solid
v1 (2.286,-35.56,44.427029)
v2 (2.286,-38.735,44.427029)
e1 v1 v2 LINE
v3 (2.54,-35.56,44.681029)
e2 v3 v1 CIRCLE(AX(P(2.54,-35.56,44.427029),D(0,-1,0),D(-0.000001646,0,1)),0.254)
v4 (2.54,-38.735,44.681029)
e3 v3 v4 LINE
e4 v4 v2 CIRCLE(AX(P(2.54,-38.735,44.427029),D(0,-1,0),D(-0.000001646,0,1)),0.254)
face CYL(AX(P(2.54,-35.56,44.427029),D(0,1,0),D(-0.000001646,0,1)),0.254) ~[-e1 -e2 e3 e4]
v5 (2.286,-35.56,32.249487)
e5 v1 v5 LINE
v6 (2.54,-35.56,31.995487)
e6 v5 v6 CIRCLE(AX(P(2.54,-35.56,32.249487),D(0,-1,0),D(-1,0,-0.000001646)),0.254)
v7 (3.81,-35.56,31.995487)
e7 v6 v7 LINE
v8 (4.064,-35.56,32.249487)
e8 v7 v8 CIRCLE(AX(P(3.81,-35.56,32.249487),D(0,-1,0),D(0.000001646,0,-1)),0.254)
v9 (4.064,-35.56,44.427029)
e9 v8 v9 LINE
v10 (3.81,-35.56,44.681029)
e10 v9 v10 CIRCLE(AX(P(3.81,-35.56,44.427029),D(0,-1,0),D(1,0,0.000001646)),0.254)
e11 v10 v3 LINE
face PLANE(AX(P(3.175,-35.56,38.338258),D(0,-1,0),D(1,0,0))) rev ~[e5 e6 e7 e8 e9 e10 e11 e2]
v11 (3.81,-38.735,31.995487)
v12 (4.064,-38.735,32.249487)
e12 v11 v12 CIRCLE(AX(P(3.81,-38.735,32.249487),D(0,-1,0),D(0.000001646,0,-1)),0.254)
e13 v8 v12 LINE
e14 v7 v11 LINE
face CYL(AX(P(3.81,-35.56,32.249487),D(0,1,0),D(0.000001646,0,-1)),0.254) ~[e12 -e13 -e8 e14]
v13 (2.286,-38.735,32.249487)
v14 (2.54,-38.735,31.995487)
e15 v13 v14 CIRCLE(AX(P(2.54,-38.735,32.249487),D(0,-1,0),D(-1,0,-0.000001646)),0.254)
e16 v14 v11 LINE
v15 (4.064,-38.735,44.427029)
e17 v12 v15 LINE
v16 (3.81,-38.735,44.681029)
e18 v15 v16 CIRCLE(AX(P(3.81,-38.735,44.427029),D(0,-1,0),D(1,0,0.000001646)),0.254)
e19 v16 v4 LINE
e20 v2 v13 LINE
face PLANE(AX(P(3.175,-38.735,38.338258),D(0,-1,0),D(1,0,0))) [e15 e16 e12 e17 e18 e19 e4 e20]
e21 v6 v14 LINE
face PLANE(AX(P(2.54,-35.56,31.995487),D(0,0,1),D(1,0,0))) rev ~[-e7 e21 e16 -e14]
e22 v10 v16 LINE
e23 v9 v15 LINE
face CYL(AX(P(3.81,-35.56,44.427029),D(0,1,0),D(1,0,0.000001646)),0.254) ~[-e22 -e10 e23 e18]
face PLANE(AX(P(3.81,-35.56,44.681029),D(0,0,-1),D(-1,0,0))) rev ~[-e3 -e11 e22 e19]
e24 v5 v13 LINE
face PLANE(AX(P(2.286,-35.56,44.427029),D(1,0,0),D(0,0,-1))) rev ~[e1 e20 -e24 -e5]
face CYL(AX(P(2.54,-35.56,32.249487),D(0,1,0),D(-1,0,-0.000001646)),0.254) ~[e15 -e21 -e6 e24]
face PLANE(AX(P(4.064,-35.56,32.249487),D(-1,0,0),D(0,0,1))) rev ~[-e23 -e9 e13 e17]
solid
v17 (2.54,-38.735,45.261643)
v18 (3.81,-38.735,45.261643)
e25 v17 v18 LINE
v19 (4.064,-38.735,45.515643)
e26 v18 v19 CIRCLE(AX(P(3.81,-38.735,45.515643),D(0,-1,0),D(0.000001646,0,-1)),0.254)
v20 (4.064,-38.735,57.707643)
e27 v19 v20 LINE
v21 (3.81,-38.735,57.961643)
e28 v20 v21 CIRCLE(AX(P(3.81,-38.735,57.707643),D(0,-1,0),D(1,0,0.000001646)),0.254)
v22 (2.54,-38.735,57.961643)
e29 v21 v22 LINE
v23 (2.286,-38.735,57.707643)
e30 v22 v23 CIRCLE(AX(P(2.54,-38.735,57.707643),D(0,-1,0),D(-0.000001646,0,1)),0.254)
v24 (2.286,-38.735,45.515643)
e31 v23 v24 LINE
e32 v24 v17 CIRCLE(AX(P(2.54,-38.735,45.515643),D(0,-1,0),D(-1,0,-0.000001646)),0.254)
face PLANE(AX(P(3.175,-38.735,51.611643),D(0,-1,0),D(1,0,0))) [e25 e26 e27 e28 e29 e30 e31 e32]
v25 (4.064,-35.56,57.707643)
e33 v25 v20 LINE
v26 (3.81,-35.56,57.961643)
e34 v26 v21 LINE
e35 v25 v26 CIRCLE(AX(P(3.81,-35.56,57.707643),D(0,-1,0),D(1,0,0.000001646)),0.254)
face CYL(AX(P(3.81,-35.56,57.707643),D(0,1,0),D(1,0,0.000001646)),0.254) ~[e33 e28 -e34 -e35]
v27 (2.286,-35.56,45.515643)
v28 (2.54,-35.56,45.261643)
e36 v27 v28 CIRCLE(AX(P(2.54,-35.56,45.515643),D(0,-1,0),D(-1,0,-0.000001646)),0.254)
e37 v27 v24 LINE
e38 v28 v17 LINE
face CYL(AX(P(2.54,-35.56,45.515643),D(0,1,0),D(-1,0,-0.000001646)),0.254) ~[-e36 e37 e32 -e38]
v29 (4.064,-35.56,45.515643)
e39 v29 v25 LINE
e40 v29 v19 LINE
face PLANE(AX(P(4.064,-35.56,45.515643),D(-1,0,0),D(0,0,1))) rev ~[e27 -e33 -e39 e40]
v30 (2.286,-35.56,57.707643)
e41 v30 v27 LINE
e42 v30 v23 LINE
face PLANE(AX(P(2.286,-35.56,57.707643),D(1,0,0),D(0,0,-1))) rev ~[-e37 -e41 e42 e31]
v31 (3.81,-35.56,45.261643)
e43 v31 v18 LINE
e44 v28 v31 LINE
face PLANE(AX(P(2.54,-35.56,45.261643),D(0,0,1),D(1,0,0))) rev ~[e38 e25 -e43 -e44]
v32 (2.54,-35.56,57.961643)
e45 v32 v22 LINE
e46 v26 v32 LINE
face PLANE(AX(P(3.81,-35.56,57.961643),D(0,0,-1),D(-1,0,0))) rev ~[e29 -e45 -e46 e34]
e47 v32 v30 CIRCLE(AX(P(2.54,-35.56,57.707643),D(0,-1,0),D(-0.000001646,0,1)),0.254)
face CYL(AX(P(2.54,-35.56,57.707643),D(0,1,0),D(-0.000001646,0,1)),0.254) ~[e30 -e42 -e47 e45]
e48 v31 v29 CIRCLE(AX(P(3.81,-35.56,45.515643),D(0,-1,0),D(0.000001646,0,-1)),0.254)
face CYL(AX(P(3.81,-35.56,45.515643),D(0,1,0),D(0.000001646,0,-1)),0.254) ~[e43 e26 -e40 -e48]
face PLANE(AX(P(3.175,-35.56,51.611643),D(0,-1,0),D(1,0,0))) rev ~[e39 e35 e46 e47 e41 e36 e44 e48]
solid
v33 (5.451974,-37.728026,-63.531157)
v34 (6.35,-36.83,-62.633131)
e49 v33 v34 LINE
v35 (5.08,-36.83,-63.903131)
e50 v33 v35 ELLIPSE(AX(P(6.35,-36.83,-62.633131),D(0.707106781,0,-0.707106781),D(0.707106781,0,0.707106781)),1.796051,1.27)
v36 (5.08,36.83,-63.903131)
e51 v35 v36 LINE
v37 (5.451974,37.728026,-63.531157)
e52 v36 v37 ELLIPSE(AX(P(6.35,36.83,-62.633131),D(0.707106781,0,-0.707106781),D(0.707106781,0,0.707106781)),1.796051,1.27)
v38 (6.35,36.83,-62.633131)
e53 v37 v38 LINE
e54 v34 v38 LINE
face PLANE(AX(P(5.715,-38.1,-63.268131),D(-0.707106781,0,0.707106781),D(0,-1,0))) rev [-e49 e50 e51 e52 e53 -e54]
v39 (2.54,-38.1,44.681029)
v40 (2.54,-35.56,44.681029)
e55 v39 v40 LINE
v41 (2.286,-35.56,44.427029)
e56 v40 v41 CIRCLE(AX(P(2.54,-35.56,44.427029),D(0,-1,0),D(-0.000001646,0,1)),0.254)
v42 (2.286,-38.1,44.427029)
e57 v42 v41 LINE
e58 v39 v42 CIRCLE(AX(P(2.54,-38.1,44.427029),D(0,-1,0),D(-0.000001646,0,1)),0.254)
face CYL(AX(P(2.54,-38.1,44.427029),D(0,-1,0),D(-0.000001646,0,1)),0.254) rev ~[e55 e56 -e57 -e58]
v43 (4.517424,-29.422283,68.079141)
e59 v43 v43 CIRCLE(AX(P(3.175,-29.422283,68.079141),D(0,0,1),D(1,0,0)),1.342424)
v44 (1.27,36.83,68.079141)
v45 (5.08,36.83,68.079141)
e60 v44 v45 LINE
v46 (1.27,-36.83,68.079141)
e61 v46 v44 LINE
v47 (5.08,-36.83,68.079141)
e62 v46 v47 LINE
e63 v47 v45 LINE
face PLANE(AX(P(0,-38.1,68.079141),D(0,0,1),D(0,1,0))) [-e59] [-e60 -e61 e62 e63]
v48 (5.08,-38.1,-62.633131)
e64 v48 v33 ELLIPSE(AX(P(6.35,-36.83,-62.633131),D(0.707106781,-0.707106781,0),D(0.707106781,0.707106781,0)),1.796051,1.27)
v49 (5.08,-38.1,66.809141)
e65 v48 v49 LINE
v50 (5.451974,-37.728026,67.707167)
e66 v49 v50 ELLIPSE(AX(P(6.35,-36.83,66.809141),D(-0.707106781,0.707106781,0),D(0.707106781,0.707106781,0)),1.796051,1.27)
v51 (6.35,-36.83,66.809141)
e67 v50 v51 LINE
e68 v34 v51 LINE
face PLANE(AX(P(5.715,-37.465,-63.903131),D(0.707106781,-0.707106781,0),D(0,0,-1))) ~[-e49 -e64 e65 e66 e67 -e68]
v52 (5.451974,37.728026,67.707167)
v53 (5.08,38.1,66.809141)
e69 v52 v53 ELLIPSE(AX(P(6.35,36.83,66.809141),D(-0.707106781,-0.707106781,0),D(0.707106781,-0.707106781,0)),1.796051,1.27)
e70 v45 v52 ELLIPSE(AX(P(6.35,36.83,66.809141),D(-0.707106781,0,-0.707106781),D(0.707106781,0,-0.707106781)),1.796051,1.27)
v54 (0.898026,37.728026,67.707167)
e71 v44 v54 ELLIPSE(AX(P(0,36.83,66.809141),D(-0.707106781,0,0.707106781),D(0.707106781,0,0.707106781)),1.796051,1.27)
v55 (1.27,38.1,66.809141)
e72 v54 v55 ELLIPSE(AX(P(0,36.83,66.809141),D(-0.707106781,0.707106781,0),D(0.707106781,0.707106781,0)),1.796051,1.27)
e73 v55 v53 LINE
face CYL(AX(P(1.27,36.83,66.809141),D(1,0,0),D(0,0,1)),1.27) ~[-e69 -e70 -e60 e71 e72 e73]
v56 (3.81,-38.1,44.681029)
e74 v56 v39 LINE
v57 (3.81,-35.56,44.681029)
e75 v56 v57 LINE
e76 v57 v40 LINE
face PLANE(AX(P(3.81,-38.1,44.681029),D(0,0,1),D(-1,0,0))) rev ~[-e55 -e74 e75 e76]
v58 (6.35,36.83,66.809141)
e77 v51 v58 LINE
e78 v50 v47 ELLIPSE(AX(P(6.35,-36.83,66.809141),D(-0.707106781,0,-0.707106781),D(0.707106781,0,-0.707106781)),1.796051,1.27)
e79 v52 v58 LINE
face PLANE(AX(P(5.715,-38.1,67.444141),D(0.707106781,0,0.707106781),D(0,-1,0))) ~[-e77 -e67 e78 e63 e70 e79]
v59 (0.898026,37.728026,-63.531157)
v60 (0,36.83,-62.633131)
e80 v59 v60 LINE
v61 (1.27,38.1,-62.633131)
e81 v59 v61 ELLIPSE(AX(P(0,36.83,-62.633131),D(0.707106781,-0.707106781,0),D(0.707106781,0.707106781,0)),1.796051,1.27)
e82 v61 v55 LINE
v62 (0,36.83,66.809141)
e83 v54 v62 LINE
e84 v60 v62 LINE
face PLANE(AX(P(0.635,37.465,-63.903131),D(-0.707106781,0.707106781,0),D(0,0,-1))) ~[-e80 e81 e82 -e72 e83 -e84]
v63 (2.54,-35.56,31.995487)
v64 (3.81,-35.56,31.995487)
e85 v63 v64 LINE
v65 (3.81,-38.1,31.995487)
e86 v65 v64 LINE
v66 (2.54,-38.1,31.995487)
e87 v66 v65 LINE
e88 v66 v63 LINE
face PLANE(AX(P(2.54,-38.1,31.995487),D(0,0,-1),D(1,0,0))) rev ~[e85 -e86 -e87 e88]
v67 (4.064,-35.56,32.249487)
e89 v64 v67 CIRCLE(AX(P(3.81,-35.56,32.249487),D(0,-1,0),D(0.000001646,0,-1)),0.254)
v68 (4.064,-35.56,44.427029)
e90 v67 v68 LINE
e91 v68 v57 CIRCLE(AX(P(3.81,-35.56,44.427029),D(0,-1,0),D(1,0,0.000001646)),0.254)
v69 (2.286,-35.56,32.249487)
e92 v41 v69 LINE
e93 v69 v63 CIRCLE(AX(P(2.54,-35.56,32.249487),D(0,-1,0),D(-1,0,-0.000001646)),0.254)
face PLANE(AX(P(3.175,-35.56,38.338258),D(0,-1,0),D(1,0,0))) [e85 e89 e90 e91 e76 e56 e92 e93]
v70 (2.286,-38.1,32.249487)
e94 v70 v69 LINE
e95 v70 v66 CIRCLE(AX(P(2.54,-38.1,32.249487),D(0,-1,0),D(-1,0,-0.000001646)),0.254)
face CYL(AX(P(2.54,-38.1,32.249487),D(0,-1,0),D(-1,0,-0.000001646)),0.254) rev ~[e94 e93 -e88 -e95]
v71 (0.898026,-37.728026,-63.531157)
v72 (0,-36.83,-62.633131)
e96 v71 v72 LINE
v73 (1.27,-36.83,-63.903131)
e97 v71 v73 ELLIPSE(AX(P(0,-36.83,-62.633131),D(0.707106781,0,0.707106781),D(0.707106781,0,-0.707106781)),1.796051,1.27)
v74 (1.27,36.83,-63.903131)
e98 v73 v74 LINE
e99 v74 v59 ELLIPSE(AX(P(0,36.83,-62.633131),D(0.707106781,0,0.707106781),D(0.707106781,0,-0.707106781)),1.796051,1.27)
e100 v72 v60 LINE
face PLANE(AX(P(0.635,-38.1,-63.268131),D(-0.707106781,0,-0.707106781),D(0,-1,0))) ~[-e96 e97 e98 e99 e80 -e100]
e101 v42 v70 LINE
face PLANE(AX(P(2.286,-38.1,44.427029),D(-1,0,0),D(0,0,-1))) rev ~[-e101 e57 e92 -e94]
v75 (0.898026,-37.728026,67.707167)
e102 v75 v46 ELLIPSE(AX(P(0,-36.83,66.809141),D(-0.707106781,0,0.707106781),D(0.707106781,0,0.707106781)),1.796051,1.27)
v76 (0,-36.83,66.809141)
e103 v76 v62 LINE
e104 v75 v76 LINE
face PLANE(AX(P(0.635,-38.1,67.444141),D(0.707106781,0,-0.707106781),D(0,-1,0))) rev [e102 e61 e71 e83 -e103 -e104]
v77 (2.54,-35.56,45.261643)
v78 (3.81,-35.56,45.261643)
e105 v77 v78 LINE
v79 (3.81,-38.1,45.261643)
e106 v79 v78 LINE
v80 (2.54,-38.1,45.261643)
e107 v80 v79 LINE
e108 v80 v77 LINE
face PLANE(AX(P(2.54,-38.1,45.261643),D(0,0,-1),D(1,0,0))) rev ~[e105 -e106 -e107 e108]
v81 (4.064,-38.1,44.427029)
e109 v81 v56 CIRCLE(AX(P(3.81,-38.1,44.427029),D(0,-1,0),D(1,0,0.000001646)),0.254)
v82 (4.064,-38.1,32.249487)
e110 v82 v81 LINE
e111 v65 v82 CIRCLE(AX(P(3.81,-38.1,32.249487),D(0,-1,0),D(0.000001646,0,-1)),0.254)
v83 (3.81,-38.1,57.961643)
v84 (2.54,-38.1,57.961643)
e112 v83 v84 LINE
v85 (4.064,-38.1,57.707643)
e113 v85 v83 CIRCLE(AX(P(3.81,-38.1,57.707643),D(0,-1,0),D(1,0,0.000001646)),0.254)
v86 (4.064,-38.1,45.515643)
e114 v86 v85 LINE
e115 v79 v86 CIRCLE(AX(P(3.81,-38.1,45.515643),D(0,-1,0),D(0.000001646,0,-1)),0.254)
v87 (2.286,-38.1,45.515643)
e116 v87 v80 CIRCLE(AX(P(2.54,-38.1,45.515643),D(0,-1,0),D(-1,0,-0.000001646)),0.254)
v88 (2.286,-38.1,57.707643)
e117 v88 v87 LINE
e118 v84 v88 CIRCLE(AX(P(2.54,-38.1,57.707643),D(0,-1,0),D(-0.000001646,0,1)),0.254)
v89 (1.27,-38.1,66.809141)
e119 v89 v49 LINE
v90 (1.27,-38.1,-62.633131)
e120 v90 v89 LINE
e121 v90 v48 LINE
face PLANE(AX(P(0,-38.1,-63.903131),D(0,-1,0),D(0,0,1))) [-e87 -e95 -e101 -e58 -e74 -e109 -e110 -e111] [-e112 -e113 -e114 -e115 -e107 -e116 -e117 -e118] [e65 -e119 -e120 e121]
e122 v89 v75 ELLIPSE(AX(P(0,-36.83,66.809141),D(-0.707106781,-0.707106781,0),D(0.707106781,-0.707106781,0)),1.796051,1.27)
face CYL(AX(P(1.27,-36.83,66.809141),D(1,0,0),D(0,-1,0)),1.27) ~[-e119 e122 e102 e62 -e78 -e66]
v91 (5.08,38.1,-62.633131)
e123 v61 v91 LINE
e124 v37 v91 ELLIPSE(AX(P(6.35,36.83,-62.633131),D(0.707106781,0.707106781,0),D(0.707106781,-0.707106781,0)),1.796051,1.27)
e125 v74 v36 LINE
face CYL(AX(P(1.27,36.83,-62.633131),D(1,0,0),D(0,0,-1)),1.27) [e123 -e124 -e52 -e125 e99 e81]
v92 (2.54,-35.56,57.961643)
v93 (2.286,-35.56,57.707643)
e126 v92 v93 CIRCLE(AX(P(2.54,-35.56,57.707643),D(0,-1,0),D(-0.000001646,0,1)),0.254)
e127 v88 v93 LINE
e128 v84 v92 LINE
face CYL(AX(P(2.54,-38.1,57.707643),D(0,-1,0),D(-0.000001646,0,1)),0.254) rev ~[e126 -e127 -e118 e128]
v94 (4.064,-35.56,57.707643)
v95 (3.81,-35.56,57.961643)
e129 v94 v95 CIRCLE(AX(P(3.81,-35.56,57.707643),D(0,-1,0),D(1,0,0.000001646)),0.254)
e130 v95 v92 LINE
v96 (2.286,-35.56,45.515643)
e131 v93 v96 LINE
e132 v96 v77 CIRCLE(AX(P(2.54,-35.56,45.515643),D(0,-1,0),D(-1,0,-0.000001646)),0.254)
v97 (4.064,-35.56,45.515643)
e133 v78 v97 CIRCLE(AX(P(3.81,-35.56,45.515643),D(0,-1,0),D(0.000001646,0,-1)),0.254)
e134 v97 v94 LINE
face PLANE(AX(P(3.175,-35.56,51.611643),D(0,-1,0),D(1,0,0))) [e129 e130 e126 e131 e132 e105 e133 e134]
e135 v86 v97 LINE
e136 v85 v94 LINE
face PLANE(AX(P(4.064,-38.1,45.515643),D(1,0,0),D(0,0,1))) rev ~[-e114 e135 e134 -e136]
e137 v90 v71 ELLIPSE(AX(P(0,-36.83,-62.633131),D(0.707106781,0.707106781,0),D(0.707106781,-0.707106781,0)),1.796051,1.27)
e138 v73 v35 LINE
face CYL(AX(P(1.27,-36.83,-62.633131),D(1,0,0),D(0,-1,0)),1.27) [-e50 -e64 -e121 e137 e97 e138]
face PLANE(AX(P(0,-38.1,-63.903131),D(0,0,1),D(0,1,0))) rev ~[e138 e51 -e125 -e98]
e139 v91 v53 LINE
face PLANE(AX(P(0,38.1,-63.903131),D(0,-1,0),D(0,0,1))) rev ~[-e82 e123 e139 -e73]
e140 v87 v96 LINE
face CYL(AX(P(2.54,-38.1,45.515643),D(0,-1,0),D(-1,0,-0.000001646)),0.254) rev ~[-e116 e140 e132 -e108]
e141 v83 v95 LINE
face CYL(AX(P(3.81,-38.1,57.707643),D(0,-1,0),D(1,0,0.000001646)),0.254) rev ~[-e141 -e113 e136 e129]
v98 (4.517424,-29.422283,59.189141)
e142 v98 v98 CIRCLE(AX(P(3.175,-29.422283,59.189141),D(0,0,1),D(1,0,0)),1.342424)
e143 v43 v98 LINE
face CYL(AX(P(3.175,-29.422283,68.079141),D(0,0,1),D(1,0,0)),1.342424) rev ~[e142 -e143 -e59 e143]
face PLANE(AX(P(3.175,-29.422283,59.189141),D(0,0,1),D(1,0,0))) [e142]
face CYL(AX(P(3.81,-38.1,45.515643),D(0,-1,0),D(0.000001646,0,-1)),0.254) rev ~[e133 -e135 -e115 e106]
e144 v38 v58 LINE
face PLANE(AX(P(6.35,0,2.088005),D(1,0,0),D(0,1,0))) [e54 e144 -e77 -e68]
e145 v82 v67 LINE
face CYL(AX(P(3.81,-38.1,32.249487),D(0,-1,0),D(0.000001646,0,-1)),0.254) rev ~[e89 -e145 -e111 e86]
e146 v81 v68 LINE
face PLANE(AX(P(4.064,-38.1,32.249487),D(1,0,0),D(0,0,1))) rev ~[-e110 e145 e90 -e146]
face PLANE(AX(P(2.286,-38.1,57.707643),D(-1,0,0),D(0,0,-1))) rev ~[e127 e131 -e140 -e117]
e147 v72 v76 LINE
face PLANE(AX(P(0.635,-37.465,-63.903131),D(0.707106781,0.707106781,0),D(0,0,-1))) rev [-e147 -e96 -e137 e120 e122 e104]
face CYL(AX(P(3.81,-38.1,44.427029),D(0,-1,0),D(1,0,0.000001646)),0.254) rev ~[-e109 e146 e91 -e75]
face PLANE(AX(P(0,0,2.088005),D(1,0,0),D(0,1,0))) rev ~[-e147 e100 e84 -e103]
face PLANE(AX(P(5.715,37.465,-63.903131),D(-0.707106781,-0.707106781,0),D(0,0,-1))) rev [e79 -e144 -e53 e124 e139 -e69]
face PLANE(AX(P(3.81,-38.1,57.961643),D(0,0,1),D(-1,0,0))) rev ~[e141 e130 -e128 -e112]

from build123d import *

# Parameters (mm, degrees)
F0_W      = 76.2
F0_H      = 131.982272
F1_DEPTH  = 6.35
F3_SIZE   = 1.27
F4_R      = 1.27
F6_DEPTH  = 2.54
F7_R      = 1.342424
F8_DEPTH  = 8.89
F9_DEPTH  = 3.175
F11_DEPTH = 3.175


with BuildPart() as f1:
    # F0 (on Right) → F1 (new body)
    with BuildSketch(Plane.YZ):
        with Locations((0, 2.088005)):
            Rectangle(F0_W, F0_H)
    extrude(amount=F1_DEPTH)

    # F3
    f3_edges = [f1.edges().sort_by_distance(p)[0] for p in [
        (6.35, 38.1, 2.088005),
        (0, 38.1, 2.088005),
        (6.35, 0, -63.903131),
        (0, 0, -63.903131),
        (6.35, -38.1, 2.088005),
        (0, -38.1, 2.088005),
        (6.35, 0, 68.079141),
        (0, 0, 68.079141),
    ]]
    chamfer(f3_edges, length=F3_SIZE)

    # F4
    f4_edges = [f1.edges().sort_by_distance(p)[0] for p in [
        (3.175, -38.1, 68.079141),
        (3.175, -38.1, -63.903131),
        (3.175, 38.1, 68.079141),
        (3.175, 38.1, -63.903131),
    ]]
    fillet(f4_edges, radius=F4_R)

    # F5 (on face) → F6 (cut)
    with BuildSketch(Plane.XZ.offset(38.1)):
        with BuildLine():
            Line((3.81, 57.961643), (2.54, 57.961643))
            ThreePointArc((2.54, 57.961643), (2.360395, 57.887248), (2.286, 57.707643))
            Line((2.286, 57.707643), (2.286, 45.515643))
            ThreePointArc((2.286, 45.515643), (2.360395, 45.336038), (2.54, 45.261643))
            Line((2.54, 45.261643), (3.81, 45.261643))
            ThreePointArc((3.81, 45.261643), (3.989605, 45.336038), (4.064, 45.515643))
            Line((4.064, 45.515643), (4.064, 57.707643))
            ThreePointArc((4.064, 57.707643), (3.989605, 57.887248), (3.81, 57.961643))
        make_face()
        with BuildLine():
            Line((3.81, 44.681029), (2.54, 44.681029))
            ThreePointArc((2.54, 44.681029), (2.360395, 44.606634), (2.286, 44.427029))
            Line((2.286, 44.427029), (2.286, 32.249487))
            ThreePointArc((2.286, 32.249487), (2.360395, 32.069882), (2.54, 31.995487))
            Line((2.54, 31.995487), (3.81, 31.995487))
            ThreePointArc((3.81, 31.995487), (3.989605, 32.069882), (4.064, 32.249487))
            Line((4.064, 32.249487), (4.064, 44.427029))
            ThreePointArc((4.064, 44.427029), (3.989605, 44.606634), (3.81, 44.681029))
        make_face()
    extrude(amount=-F6_DEPTH, mode=Mode.SUBTRACT)

    # F7 (on face) → F8 (cut)
    with BuildSketch(Plane.XY.offset(68.079141)):
        with Locations((3.175, -29.422283)):
            Circle(F7_R)
    extrude(amount=-F8_DEPTH, mode=Mode.SUBTRACT)


with BuildPart() as f9:
    # F6_face (on face) → F9 (new body)
    with BuildSketch(Plane(origin=(3.175, -35.56, 38.338258), x_dir=(1, 0, 0), z_dir=(0, -1, 0))):
        with BuildLine():
            Line((0.889, -6.088771), (0.889, 6.088771))
            ThreePointArc((0.889, 6.088771), (0.814605, 6.268376), (0.635, 6.342771))
            Line((0.635, 6.342771), (-0.635, 6.342771))
            ThreePointArc((-0.635, 6.342771), (-0.814605, 6.268376), (-0.889, 6.088771))
            Line((-0.889, 6.088771), (-0.889, -6.088771))
            ThreePointArc((-0.889, -6.088771), (-0.814605, -6.268376), (-0.635, -6.342771))
            Line((-0.635, -6.342771), (0.635, -6.342771))
            ThreePointArc((0.635, -6.342771), (0.814605, -6.268376), (0.889, -6.088771))
        make_face()
    extrude(amount=F9_DEPTH)


with BuildPart() as f11:
    # F10 (on face) → F11 (new body)
    with BuildSketch(Plane.XZ.offset(35.56)):
        with BuildLine():
            Line((4.064, 45.515643), (4.064, 57.707643))
            ThreePointArc((4.064, 57.707643), (3.989605, 57.887248), (3.81, 57.961643))
            Line((3.81, 57.961643), (2.54, 57.961643))
            ThreePointArc((2.54, 57.961643), (2.360395, 57.887248), (2.286, 57.707643))
            Line((2.286, 57.707643), (2.286, 45.515643))
            ThreePointArc((2.286, 45.515643), (2.360395, 45.336038), (2.54, 45.261643))
            Line((2.54, 45.261643), (3.81, 45.261643))
            ThreePointArc((3.81, 45.261643), (3.989605, 45.336038), (4.064, 45.515643))
        make_face()
    extrude(amount=F11_DEPTH)


solid = Compound([f1.part, f9.part, f11.part])
